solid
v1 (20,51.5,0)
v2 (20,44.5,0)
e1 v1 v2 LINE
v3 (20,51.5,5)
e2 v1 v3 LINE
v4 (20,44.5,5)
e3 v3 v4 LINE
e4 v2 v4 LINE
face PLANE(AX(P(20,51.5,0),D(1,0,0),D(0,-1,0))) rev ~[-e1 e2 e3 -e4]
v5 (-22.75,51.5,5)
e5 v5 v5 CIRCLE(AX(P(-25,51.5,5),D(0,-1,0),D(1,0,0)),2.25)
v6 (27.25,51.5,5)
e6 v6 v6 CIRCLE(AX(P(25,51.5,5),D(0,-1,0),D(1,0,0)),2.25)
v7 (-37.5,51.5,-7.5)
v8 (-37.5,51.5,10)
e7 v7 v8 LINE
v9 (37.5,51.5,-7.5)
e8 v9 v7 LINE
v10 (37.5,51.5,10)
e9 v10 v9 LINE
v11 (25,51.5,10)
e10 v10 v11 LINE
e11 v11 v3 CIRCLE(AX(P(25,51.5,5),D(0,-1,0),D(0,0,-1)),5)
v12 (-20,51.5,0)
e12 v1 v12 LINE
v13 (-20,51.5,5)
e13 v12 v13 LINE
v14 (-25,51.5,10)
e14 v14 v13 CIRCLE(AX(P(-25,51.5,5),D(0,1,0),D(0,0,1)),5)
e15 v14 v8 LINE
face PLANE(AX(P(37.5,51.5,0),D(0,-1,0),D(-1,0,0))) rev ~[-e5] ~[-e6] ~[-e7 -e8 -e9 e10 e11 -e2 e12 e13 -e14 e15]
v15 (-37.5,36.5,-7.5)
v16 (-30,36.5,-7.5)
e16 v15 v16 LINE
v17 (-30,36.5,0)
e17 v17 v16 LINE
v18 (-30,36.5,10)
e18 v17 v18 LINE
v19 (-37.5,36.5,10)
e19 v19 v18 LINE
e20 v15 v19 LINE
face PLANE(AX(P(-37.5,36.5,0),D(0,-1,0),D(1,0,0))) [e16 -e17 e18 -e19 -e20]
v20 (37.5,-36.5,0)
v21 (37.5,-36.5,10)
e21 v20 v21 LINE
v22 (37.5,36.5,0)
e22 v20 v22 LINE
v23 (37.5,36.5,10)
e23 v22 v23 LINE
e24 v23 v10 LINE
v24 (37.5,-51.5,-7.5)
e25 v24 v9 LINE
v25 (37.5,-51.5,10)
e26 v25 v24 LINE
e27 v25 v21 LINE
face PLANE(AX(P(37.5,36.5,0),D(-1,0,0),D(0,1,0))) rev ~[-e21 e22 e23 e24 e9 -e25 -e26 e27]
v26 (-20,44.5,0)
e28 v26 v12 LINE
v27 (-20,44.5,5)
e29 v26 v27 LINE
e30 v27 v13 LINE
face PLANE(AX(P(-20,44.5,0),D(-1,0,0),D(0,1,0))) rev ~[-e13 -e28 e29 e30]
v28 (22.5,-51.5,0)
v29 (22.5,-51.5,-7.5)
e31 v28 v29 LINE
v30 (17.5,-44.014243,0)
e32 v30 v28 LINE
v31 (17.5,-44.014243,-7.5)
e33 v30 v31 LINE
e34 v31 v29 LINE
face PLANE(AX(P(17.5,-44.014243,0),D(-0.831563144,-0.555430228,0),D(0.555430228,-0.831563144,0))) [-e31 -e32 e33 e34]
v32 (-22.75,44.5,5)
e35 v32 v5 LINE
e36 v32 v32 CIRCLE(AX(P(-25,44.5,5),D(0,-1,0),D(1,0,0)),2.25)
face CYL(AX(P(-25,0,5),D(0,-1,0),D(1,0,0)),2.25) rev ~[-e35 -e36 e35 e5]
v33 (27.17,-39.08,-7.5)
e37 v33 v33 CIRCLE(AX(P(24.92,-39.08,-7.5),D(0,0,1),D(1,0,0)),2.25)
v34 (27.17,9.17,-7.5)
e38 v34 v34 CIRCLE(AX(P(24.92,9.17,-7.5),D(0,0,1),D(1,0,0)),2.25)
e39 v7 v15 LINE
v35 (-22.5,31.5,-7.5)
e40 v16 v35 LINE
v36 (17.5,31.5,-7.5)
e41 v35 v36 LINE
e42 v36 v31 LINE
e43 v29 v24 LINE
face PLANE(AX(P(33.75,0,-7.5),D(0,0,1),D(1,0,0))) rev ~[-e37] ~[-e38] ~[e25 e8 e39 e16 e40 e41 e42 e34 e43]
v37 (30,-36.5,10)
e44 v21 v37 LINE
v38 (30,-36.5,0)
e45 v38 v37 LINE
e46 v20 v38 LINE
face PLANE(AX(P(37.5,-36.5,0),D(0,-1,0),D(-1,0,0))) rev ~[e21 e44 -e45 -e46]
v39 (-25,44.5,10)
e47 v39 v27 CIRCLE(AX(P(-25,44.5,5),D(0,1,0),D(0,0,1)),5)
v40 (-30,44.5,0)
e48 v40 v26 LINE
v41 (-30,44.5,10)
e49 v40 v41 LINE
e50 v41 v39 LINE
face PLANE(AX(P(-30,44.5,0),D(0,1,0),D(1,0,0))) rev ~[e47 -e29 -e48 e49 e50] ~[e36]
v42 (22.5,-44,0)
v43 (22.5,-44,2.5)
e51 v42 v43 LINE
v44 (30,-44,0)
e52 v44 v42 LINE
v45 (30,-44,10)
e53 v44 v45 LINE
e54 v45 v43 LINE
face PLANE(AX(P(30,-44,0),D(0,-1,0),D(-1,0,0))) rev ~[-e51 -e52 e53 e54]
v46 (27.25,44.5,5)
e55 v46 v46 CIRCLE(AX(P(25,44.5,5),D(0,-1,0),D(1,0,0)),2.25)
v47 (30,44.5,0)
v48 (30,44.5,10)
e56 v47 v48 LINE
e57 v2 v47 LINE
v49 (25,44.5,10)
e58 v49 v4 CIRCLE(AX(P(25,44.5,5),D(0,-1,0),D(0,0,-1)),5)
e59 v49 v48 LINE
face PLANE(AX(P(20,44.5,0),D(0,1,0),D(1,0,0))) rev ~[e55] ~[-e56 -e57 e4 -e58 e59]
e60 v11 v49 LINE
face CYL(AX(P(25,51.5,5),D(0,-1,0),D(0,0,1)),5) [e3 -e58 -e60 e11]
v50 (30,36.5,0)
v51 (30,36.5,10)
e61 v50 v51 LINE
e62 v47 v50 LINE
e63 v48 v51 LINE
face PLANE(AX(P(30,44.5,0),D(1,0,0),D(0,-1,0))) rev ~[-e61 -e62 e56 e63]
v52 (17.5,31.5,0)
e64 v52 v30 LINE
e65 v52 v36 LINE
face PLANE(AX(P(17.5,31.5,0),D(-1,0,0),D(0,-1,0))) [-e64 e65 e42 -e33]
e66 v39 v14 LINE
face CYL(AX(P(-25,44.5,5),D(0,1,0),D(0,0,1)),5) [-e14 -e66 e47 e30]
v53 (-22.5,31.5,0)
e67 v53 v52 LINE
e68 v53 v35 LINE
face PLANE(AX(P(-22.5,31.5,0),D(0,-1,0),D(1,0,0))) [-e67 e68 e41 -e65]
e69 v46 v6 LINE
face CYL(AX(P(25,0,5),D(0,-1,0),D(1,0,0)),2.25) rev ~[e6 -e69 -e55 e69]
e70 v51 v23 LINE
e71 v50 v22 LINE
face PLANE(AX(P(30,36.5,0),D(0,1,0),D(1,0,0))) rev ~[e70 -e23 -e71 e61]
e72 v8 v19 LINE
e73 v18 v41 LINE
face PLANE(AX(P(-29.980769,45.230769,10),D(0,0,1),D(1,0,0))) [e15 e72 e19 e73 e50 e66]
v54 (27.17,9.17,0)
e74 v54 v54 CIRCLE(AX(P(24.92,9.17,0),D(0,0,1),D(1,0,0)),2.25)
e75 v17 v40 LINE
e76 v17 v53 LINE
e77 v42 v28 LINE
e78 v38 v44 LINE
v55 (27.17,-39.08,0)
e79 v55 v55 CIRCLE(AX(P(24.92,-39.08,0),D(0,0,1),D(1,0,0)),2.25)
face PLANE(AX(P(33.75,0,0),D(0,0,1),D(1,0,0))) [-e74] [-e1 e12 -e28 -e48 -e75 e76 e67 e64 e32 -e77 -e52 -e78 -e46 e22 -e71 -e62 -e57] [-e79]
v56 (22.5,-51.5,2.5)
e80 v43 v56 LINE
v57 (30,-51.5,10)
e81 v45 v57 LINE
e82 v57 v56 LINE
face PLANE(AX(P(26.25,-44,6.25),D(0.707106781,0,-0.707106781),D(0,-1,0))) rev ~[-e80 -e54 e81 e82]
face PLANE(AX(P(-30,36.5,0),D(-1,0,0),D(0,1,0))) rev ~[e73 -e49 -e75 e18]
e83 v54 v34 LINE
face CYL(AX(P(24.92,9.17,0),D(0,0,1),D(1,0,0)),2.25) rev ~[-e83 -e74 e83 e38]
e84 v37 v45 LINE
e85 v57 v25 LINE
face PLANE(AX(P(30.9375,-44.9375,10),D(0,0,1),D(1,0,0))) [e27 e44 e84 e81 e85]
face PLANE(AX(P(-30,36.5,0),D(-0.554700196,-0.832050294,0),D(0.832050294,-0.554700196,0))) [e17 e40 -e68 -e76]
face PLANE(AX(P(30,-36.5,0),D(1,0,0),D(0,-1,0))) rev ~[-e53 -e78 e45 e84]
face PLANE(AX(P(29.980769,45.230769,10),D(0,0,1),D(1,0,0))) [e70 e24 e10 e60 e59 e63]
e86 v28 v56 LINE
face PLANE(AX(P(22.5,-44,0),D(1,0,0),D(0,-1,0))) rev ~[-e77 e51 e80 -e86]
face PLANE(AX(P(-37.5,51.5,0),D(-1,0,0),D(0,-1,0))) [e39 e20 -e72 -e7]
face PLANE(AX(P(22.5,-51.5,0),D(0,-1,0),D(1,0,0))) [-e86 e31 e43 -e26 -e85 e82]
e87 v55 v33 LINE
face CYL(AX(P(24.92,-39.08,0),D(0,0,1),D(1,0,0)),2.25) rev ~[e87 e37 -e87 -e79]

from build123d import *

# Parameters (mm, degrees)
F0_W     = 7.5
F0_H     = 73
F0_R     = 2.25
F1_DEPTH = 7.5
F2_DEPTH = 10
F3_R     = 2.25
F4_DEPTH = 75
F5_SIZE  = 7.5
F6_R     = 5


with BuildPart() as f1:
    # F0 (on Top) → F1 (new body)
    with BuildSketch(Plane.XY):
        with Locations((33.75, 0)):
            Rectangle(F0_W, F0_H)
        Polygon((37.5, -51.5), (37.5, -36.5), (30, -36.5), (30, -44), (22.5, -44), (22.5, -51.5), align=None)
        Polygon((30, 44.5), (20, 44.5), (17.5, 44.5), (17.5, 31.5), (17.5, -44.014243), (22.5, -51.5), (22.5, -44), (30, -44), (30, -36.5), (30, 36.5), align=None)
        with Locations((24.92, -39.08)):
            Circle(F0_R, mode=Mode.SUBTRACT)
        with Locations((24.92, 9.17)):
            Circle(F0_R, mode=Mode.SUBTRACT)
        Polygon((37.5, 51.5), (20, 51.5), (20, 44.5), (30, 44.5), (30, 36.5), (37.5, 36.5), align=None)
        Polygon((20, 51.5), (-20, 51.5), (-20, 44.5), (17.5, 44.5), (20, 44.5), align=None)
        Polygon((-20, 51.5), (-37.5, 51.5), (-37.5, 36.5), (-30, 36.5), (-30, 44.5), (-20, 44.5), align=None)
        Polygon((17.5, 44.5), (-20, 44.5), (-30, 44.5), (-30, 36.5), (-22.5, 31.5), (17.5, 31.5), align=None)
    extrude(amount=-F1_DEPTH)

    # F0 (on Top) → F2 (join)
    with BuildSketch(Plane.XY):
        Polygon((37.5, 51.5), (20, 51.5), (20, 44.5), (30, 44.5), (30, 36.5), (37.5, 36.5), align=None)
        Polygon((37.5, -51.5), (37.5, -36.5), (30, -36.5), (30, -44), (22.5, -44), (22.5, -51.5), align=None)
        Polygon((-20, 51.5), (-37.5, 51.5), (-37.5, 36.5), (-30, 36.5), (-30, 44.5), (-20, 44.5), align=None)
    extrude(amount=F2_DEPTH)

    # F3 (on Front) → F4 (cut)
    with BuildSketch(Plane.XZ):
        with Locations((25, 5)):
            Circle(F3_R)
        with Locations((-25, 5)):
            Circle(F3_R)
    extrude(amount=-F4_DEPTH, mode=Mode.SUBTRACT)

    # F5
    f5_edges = [f1.edges().sort_by_distance(p)[0] for p in [
        (22.5, -47.75, 10),
    ]]
    chamfer(f5_edges, length=F5_SIZE)

    # F6
    f6_edges = [f1.edges().sort_by_distance(p)[0] for p in [
        (-20, 48, 10),
        (20, 48, 10),
    ]]
    fillet(f6_edges, radius=F6_R)


solid = f1.part
